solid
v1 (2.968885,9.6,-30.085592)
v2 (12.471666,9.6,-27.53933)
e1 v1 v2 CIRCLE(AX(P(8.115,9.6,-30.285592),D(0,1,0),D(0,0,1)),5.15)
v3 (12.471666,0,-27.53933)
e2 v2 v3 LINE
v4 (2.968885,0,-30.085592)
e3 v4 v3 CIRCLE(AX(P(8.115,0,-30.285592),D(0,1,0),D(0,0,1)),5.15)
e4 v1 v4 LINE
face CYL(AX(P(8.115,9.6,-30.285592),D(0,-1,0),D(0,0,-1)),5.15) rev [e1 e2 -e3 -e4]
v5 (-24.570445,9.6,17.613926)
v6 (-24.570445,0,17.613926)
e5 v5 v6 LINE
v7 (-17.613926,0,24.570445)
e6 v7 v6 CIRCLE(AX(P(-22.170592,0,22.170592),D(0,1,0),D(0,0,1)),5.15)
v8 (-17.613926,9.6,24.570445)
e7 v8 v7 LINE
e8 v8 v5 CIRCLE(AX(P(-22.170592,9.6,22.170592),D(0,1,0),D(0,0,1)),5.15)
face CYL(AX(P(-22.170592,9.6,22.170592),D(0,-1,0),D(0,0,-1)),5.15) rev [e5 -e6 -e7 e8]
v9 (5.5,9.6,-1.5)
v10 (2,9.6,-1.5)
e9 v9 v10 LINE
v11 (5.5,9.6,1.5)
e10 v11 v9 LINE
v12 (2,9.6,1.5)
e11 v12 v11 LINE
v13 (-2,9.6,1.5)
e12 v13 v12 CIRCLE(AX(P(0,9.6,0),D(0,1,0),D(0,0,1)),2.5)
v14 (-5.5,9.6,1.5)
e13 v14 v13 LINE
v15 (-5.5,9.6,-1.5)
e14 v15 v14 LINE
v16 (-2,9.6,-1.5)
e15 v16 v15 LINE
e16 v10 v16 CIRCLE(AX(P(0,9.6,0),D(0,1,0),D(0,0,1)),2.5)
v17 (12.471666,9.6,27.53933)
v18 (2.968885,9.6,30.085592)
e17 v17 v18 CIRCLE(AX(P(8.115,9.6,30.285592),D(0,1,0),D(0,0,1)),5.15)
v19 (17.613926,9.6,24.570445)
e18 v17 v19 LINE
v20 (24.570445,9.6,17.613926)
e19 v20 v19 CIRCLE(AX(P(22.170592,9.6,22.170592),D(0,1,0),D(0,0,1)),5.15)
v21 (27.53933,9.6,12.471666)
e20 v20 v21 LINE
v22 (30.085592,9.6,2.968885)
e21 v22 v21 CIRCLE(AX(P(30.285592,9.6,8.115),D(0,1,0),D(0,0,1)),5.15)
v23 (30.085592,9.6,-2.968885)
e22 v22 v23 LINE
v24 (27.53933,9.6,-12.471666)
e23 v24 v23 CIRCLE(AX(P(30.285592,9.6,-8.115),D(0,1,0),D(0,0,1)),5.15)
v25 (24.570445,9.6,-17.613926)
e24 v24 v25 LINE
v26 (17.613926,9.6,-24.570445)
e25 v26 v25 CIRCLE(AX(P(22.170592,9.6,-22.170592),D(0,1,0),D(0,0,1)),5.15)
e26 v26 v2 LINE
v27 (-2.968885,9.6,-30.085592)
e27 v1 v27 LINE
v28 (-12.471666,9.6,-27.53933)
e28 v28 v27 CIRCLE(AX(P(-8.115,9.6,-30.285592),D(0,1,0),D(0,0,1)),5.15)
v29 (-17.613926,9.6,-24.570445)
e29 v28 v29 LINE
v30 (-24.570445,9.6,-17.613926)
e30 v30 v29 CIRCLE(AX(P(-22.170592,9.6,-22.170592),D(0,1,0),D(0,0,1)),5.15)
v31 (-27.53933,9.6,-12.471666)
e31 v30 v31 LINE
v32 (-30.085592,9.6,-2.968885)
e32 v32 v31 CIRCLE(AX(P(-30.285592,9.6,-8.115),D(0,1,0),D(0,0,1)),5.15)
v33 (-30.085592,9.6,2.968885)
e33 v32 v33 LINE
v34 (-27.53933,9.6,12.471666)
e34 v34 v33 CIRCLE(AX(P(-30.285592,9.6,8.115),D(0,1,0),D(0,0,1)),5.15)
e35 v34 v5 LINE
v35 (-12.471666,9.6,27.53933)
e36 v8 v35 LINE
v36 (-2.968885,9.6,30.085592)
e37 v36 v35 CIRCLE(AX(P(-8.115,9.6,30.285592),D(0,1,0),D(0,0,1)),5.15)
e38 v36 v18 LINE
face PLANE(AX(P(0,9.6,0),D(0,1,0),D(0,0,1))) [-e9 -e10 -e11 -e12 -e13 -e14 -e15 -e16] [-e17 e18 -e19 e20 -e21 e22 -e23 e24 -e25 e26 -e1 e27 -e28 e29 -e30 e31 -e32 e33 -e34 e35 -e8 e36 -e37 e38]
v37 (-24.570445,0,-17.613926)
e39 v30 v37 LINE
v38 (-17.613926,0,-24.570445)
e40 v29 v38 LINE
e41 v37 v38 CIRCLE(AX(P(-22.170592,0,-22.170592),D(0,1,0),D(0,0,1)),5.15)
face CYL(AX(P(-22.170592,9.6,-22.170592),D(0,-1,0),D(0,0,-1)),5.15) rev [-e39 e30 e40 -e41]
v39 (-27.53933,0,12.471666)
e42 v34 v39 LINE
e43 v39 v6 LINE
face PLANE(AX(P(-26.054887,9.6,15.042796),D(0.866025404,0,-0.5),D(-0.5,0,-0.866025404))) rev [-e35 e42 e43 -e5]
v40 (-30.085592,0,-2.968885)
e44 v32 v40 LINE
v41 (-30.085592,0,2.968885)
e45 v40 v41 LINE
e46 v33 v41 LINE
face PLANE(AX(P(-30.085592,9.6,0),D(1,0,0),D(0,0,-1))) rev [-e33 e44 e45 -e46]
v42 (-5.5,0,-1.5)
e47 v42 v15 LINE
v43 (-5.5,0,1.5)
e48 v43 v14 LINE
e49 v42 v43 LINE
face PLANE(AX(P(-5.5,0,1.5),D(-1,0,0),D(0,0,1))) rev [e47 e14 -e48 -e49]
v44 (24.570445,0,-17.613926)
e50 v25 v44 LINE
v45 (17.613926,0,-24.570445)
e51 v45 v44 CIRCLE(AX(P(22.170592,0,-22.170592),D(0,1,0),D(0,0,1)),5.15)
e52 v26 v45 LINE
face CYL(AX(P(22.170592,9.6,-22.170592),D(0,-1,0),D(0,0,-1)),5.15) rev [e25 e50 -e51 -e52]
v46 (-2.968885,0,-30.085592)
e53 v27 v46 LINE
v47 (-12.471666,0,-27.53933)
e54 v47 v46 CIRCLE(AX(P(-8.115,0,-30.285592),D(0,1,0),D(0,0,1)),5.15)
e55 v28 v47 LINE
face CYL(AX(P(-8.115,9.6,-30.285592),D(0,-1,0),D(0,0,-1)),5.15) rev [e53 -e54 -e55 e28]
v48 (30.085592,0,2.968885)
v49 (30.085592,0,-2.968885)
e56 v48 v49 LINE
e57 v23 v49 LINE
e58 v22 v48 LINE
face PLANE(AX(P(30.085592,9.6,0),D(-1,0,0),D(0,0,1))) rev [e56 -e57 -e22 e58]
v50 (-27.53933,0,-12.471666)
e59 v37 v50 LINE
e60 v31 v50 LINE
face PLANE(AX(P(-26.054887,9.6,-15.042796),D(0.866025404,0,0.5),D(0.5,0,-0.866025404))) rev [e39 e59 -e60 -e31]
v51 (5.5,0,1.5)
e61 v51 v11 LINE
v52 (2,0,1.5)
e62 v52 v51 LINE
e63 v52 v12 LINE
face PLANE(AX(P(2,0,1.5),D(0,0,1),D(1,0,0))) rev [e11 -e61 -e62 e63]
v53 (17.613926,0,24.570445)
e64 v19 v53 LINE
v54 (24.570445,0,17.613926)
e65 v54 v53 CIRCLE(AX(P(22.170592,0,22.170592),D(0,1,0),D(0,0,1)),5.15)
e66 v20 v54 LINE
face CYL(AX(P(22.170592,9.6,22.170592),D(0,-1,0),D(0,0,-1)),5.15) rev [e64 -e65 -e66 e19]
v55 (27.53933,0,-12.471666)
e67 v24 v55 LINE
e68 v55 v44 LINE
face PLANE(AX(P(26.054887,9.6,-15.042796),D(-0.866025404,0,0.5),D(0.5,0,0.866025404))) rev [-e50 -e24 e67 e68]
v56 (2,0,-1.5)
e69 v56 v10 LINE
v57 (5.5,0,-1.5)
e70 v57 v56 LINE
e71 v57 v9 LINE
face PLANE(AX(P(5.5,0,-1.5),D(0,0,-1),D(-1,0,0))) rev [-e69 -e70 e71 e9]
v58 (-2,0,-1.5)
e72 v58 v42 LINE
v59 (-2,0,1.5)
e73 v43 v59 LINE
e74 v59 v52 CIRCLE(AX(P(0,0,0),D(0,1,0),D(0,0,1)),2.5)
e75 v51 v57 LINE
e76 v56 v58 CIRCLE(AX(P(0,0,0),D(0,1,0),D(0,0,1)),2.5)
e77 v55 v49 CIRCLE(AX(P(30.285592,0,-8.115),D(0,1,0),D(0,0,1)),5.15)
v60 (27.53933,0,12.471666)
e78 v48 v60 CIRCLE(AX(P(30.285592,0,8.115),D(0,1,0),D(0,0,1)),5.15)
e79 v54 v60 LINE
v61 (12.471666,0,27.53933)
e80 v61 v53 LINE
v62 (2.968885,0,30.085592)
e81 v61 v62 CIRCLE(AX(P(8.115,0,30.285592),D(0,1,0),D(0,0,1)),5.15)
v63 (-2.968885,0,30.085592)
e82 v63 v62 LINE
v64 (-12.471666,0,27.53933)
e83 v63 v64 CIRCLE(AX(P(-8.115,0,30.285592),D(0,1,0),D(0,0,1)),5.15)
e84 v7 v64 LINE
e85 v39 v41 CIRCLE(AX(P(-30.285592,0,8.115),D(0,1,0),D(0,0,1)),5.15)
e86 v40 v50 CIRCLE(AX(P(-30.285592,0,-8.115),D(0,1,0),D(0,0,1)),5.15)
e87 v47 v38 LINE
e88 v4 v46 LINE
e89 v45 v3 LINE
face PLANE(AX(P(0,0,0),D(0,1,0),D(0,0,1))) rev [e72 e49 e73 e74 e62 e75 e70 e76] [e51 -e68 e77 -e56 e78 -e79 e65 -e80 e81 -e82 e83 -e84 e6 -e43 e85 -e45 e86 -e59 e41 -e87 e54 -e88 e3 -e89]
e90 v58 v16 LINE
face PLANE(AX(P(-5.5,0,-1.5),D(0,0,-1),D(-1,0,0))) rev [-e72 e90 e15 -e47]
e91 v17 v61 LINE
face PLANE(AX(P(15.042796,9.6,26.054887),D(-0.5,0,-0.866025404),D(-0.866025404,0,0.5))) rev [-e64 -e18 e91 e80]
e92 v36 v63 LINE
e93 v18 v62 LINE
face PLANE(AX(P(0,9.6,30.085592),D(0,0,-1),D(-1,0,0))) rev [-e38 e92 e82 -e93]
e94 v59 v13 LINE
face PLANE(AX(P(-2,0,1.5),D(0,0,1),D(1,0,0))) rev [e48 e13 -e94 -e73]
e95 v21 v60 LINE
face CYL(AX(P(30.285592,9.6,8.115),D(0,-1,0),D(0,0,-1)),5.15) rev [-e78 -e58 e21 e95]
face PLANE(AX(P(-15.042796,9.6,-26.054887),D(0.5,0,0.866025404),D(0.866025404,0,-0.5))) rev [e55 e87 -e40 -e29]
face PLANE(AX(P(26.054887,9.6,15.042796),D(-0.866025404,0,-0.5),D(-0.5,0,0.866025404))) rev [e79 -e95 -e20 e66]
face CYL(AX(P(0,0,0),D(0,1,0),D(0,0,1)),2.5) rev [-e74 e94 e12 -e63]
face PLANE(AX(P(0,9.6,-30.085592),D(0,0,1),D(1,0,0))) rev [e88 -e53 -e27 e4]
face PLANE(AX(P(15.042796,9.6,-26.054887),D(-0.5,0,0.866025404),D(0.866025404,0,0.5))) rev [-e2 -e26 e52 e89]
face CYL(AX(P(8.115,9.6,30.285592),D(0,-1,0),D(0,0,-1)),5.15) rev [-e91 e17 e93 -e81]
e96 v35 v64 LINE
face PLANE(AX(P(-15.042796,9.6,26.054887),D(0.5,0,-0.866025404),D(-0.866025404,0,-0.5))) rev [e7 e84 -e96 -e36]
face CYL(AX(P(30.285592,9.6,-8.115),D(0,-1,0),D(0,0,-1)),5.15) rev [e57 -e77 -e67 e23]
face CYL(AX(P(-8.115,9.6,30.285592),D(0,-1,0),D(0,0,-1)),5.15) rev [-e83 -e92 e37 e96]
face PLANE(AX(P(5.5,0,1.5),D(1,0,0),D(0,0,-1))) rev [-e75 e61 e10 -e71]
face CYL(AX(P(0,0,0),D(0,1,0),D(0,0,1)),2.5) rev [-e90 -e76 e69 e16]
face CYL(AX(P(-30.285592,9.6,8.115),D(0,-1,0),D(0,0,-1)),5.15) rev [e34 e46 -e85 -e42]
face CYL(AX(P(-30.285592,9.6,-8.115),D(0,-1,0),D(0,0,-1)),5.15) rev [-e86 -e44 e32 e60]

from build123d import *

# Parameters (mm, degrees)
BOSS_EXTRUDE1_DEPTH = 9.6
CUT_EXTRUDE1_DEPTH  = 44.617034843


with BuildPart() as part:
    # Sketch1 → Boss-Extrude1 (new body)
    with BuildSketch(Plane(origin=(0, 0, 0), x_dir=(1, 0, 0), z_dir=(0, 1, 0))):
        with BuildLine():
            ThreePointArc((-12.471666355, -27.539329703), (-6.782081918, -25.311074298), (-2.96888496, -30.085592303))
            Line((-2.96888496, -30.085592303), (2.96888496, -30.085592303))
            ThreePointArc((2.96888496, -30.085592303), (6.782081918, -25.311074298), (12.471666355, -27.539329703))
            Line((12.471666355, -27.539329703), (17.613925948, -24.570444742))
            ThreePointArc((17.613925948, -24.570444742), (18.52899238, -18.52899238), (24.570444742, -17.613925948))
            Line((24.570444742, -17.613925948), (27.539329703, -12.471666355))
            ThreePointArc((27.539329703, -12.471666355), (25.311074298, -6.782081918), (30.085592303, -2.96888496))
            Line((30.085592303, -2.96888496), (30.085592303, 2.96888496))
            ThreePointArc((30.085592303, 2.96888496), (25.311074298, 6.782081918), (27.539329703, 12.471666355))
            Line((27.539329703, 12.471666355), (24.570444742, 17.613925948))
            ThreePointArc((24.570444742, 17.613925948), (18.52899238, 18.52899238), (17.613925948, 24.570444742))
            Line((17.613925948, 24.570444742), (12.471666355, 27.539329703))
            ThreePointArc((12.471666355, 27.539329703), (6.782081918, 25.311074298), (2.96888496, 30.085592303))
            Line((2.96888496, 30.085592303), (-2.96888496, 30.085592303))
            ThreePointArc((-2.96888496, 30.085592303), (-6.782081918, 25.311074298), (-12.471666355, 27.539329703))
            Line((-12.471666355, 27.539329703), (-17.613925948, 24.570444742))
            ThreePointArc((-17.613925948, 24.570444742), (-18.52899238, 18.52899238), (-24.570444742, 17.613925948))
            Line((-24.570444742, 17.613925948), (-27.539329703, 12.471666355))
            ThreePointArc((-27.539329703, 12.471666355), (-25.311074298, 6.782081918), (-30.085592303, 2.96888496))
            Line((-30.085592303, 2.96888496), (-30.085592303, -2.96888496))
            ThreePointArc((-30.085592303, -2.96888496), (-25.311074298, -6.782081918), (-27.539329703, -12.471666355))
            Line((-27.539329703, -12.471666355), (-24.570444742, -17.613925948))
            ThreePointArc((-24.570444742, -17.613925948), (-18.52899238, -18.52899238), (-17.613925948, -24.570444742))
            Line((-17.613925948, -24.570444742), (-12.471666355, -27.539329703))
        make_face()
    extrude(amount=BOSS_EXTRUDE1_DEPTH)

    # Sketch2 → Cut-Extrude1 (cut, through all)
    with BuildSketch(Plane(origin=(0, 9.6, 0), x_dir=(1, 0, 0), z_dir=(0, 1, 0))):
        with BuildLine():
            Line((-2, -1.5), (-5.5, -1.5))
            Line((-5.5, -1.5), (-5.5, 1.5))
            Line((-5.5, 1.5), (-2, 1.5))
            ThreePointArc((-2, 1.5), (0, 2.5), (2, 1.5))
            Line((2, 1.5), (5.5, 1.5))
            Line((5.5, 1.5), (5.5, -1.5))
            Line((5.5, -1.5), (2, -1.5))
            ThreePointArc((2, -1.5), (0, -2.5), (-2, -1.5))
        make_face()
    extrude(amount=-CUT_EXTRUDE1_DEPTH, mode=Mode.SUBTRACT)


solid = part.part
